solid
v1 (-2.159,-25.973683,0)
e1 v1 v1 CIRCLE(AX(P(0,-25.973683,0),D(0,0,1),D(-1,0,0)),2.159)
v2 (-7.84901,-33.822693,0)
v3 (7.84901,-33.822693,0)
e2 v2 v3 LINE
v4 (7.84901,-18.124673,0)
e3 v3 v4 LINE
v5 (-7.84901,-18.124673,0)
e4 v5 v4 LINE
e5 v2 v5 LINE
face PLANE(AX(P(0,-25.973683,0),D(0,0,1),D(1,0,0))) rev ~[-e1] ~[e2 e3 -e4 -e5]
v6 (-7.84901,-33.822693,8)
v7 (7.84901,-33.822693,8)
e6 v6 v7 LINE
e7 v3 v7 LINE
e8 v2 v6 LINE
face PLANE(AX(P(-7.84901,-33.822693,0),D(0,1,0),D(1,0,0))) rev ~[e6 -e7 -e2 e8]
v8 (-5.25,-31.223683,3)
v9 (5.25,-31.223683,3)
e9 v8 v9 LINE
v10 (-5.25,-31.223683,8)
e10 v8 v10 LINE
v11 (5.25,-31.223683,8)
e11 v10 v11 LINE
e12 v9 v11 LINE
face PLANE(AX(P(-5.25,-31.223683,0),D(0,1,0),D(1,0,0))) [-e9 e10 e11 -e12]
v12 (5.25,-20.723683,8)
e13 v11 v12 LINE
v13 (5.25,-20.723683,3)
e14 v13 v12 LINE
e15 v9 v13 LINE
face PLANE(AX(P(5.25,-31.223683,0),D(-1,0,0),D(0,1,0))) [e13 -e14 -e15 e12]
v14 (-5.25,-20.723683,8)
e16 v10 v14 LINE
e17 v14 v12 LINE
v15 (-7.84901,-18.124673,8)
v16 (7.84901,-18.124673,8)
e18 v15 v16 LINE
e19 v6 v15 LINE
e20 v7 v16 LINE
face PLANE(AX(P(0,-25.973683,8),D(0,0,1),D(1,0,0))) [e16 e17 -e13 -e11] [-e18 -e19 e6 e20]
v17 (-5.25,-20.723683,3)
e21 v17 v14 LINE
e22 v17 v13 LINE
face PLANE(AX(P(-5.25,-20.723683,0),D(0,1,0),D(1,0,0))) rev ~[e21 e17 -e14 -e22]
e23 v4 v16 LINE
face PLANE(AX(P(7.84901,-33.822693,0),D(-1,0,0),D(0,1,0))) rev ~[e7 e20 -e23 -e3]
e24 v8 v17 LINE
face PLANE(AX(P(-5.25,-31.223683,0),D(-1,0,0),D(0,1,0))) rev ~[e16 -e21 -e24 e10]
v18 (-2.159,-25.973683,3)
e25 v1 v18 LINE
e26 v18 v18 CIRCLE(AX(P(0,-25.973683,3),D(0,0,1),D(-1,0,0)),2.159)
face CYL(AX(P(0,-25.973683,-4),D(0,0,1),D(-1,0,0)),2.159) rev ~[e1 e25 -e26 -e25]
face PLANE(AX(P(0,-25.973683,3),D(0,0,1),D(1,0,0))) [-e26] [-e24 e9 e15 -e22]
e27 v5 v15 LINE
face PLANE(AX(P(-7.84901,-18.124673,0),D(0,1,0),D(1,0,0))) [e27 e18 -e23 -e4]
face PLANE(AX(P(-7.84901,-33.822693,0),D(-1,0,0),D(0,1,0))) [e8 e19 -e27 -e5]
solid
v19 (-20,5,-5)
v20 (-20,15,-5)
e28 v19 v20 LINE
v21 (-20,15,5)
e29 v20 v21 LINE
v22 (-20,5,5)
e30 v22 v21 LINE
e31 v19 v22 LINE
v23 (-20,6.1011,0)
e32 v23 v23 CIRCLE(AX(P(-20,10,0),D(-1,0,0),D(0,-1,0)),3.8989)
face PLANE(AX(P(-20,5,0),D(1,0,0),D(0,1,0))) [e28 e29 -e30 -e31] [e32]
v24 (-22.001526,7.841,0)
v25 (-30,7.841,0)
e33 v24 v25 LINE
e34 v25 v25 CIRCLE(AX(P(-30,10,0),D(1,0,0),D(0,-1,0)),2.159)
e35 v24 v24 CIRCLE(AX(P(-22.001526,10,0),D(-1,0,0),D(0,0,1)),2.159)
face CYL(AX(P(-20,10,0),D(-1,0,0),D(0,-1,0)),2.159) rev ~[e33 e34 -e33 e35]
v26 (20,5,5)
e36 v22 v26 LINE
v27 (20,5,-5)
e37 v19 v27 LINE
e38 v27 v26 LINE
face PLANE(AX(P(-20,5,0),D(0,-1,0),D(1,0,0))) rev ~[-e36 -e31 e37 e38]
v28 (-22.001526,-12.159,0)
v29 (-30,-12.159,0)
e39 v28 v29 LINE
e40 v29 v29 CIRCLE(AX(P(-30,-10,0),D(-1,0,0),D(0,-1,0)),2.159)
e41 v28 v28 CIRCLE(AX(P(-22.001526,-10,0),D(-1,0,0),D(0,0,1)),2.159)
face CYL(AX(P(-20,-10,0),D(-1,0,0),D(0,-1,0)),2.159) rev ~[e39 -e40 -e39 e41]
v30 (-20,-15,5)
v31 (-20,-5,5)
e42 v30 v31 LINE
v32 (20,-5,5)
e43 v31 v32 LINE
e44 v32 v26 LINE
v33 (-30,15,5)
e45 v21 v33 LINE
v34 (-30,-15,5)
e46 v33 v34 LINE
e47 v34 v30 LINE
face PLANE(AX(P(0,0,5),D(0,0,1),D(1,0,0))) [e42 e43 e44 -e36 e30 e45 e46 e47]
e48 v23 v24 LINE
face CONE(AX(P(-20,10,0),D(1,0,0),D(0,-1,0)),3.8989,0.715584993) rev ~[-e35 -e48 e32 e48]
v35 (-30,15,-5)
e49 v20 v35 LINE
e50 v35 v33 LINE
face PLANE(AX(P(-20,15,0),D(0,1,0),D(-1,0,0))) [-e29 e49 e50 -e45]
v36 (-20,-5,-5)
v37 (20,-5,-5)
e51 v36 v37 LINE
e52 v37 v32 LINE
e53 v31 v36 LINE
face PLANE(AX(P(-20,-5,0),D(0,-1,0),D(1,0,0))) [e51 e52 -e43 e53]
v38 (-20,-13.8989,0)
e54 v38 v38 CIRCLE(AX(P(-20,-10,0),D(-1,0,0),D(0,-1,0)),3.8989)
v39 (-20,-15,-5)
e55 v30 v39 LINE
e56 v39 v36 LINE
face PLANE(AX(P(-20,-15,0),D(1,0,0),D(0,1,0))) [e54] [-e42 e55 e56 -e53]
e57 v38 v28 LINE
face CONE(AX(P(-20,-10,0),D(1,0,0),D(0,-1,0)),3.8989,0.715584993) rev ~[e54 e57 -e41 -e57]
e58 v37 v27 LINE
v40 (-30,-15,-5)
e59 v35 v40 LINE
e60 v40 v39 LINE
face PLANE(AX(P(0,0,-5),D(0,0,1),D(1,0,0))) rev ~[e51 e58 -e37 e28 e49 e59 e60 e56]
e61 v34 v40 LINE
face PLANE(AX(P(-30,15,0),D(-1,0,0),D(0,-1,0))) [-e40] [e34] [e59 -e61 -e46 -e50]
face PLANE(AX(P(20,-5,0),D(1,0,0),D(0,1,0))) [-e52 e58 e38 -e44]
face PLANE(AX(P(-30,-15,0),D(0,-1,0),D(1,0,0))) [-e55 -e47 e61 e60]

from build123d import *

# Parameters (mm, degrees)
F0_W           = 40
F0_H           = 10
F1_DEPTH       = 5
F3_D           = 4.318
F3_DEPTH       = 10
F3_CSINK_D     = 7.7978
F3_CSINK_ANGLE = 82
F3_TIP         = 1.2972580765
F5_D           = 4.318
F5_DEPTH       = 10
F5_CSINK_D     = 7.7978
F5_CSINK_ANGLE = 82
F5_TIP         = 1.2972580765
F6_W           = 10.5
F6_H           = 10.5
F7_DEPTH       = 3
F8_D           = 4.318
F8_DEPTH       = 4
F8_TIP         = 1.2972580765
F6_W_2         = 15.698019802
F6_H_2         = 15.698019802
F9_DEPTH       = 8


with BuildPart() as f1:
    # F0 (on Top) → F1 (new body, symmetric)
    with BuildSketch(Plane.XY):
        Rectangle(F0_W, F0_H)
        Polygon((-20, -5), (-20, 5), (-20, 15), (-30, 15), (-30, -15), (-20, -15), align=None)
    extrude(amount=F1_DEPTH, both=True)

    # F3
    with Locations(Plane.YZ.offset(-20)):
        with Locations((10, 0)):
            CounterSinkHole(F3_D / 2, F3_CSINK_D / 2, depth=F3_DEPTH, counter_sink_angle=F3_CSINK_ANGLE)
            with Locations((0, 0, -(F3_DEPTH + F3_TIP / 2))):  # 118° drill point
                Cone(0, F3_D / 2, F3_TIP, mode=Mode.SUBTRACT)

    # F5
    with Locations(Plane.YZ.offset(-20)):
        with Locations((-10, 0)):
            CounterSinkHole(F5_D / 2, F5_CSINK_D / 2, depth=F5_DEPTH, counter_sink_angle=F5_CSINK_ANGLE)
            with Locations((0, 0, -(F5_DEPTH + F5_TIP / 2))):  # 118° drill point
                Cone(0, F5_D / 2, F5_TIP, mode=Mode.SUBTRACT)


with BuildPart() as f7:
    # F6 (on Top) → F7 (new body)
    with BuildSketch(Plane.XY):
        with Locations((0, -25.9736826611)):
            Rectangle(F6_W, F6_H)
    extrude(amount=F7_DEPTH)

    # F8
    with Locations(Plane(origin=(0, 0, 0), x_dir=(1, 0, 0), z_dir=(0, 0, -1))):
        with Locations((0, 25.9736826611)):
            Hole(F8_D / 2, depth=F8_DEPTH)
            with Locations((0, 0, -(F8_DEPTH + F8_TIP / 2))):  # 118° drill point
                Cone(0, F8_D / 2, F8_TIP, mode=Mode.SUBTRACT)

    # F6 (on Top) → F9 (join)
    with BuildSketch(Plane.XY):
        with Locations((0, -25.9736826611)):
            Rectangle(F6_W_2, F6_H_2)
        with Locations((0, -25.9736826611)):
            Rectangle(F6_W, F6_H, mode=Mode.SUBTRACT)
    extrude(amount=F9_DEPTH)


solid = Compound([f1.part, f7.part])
